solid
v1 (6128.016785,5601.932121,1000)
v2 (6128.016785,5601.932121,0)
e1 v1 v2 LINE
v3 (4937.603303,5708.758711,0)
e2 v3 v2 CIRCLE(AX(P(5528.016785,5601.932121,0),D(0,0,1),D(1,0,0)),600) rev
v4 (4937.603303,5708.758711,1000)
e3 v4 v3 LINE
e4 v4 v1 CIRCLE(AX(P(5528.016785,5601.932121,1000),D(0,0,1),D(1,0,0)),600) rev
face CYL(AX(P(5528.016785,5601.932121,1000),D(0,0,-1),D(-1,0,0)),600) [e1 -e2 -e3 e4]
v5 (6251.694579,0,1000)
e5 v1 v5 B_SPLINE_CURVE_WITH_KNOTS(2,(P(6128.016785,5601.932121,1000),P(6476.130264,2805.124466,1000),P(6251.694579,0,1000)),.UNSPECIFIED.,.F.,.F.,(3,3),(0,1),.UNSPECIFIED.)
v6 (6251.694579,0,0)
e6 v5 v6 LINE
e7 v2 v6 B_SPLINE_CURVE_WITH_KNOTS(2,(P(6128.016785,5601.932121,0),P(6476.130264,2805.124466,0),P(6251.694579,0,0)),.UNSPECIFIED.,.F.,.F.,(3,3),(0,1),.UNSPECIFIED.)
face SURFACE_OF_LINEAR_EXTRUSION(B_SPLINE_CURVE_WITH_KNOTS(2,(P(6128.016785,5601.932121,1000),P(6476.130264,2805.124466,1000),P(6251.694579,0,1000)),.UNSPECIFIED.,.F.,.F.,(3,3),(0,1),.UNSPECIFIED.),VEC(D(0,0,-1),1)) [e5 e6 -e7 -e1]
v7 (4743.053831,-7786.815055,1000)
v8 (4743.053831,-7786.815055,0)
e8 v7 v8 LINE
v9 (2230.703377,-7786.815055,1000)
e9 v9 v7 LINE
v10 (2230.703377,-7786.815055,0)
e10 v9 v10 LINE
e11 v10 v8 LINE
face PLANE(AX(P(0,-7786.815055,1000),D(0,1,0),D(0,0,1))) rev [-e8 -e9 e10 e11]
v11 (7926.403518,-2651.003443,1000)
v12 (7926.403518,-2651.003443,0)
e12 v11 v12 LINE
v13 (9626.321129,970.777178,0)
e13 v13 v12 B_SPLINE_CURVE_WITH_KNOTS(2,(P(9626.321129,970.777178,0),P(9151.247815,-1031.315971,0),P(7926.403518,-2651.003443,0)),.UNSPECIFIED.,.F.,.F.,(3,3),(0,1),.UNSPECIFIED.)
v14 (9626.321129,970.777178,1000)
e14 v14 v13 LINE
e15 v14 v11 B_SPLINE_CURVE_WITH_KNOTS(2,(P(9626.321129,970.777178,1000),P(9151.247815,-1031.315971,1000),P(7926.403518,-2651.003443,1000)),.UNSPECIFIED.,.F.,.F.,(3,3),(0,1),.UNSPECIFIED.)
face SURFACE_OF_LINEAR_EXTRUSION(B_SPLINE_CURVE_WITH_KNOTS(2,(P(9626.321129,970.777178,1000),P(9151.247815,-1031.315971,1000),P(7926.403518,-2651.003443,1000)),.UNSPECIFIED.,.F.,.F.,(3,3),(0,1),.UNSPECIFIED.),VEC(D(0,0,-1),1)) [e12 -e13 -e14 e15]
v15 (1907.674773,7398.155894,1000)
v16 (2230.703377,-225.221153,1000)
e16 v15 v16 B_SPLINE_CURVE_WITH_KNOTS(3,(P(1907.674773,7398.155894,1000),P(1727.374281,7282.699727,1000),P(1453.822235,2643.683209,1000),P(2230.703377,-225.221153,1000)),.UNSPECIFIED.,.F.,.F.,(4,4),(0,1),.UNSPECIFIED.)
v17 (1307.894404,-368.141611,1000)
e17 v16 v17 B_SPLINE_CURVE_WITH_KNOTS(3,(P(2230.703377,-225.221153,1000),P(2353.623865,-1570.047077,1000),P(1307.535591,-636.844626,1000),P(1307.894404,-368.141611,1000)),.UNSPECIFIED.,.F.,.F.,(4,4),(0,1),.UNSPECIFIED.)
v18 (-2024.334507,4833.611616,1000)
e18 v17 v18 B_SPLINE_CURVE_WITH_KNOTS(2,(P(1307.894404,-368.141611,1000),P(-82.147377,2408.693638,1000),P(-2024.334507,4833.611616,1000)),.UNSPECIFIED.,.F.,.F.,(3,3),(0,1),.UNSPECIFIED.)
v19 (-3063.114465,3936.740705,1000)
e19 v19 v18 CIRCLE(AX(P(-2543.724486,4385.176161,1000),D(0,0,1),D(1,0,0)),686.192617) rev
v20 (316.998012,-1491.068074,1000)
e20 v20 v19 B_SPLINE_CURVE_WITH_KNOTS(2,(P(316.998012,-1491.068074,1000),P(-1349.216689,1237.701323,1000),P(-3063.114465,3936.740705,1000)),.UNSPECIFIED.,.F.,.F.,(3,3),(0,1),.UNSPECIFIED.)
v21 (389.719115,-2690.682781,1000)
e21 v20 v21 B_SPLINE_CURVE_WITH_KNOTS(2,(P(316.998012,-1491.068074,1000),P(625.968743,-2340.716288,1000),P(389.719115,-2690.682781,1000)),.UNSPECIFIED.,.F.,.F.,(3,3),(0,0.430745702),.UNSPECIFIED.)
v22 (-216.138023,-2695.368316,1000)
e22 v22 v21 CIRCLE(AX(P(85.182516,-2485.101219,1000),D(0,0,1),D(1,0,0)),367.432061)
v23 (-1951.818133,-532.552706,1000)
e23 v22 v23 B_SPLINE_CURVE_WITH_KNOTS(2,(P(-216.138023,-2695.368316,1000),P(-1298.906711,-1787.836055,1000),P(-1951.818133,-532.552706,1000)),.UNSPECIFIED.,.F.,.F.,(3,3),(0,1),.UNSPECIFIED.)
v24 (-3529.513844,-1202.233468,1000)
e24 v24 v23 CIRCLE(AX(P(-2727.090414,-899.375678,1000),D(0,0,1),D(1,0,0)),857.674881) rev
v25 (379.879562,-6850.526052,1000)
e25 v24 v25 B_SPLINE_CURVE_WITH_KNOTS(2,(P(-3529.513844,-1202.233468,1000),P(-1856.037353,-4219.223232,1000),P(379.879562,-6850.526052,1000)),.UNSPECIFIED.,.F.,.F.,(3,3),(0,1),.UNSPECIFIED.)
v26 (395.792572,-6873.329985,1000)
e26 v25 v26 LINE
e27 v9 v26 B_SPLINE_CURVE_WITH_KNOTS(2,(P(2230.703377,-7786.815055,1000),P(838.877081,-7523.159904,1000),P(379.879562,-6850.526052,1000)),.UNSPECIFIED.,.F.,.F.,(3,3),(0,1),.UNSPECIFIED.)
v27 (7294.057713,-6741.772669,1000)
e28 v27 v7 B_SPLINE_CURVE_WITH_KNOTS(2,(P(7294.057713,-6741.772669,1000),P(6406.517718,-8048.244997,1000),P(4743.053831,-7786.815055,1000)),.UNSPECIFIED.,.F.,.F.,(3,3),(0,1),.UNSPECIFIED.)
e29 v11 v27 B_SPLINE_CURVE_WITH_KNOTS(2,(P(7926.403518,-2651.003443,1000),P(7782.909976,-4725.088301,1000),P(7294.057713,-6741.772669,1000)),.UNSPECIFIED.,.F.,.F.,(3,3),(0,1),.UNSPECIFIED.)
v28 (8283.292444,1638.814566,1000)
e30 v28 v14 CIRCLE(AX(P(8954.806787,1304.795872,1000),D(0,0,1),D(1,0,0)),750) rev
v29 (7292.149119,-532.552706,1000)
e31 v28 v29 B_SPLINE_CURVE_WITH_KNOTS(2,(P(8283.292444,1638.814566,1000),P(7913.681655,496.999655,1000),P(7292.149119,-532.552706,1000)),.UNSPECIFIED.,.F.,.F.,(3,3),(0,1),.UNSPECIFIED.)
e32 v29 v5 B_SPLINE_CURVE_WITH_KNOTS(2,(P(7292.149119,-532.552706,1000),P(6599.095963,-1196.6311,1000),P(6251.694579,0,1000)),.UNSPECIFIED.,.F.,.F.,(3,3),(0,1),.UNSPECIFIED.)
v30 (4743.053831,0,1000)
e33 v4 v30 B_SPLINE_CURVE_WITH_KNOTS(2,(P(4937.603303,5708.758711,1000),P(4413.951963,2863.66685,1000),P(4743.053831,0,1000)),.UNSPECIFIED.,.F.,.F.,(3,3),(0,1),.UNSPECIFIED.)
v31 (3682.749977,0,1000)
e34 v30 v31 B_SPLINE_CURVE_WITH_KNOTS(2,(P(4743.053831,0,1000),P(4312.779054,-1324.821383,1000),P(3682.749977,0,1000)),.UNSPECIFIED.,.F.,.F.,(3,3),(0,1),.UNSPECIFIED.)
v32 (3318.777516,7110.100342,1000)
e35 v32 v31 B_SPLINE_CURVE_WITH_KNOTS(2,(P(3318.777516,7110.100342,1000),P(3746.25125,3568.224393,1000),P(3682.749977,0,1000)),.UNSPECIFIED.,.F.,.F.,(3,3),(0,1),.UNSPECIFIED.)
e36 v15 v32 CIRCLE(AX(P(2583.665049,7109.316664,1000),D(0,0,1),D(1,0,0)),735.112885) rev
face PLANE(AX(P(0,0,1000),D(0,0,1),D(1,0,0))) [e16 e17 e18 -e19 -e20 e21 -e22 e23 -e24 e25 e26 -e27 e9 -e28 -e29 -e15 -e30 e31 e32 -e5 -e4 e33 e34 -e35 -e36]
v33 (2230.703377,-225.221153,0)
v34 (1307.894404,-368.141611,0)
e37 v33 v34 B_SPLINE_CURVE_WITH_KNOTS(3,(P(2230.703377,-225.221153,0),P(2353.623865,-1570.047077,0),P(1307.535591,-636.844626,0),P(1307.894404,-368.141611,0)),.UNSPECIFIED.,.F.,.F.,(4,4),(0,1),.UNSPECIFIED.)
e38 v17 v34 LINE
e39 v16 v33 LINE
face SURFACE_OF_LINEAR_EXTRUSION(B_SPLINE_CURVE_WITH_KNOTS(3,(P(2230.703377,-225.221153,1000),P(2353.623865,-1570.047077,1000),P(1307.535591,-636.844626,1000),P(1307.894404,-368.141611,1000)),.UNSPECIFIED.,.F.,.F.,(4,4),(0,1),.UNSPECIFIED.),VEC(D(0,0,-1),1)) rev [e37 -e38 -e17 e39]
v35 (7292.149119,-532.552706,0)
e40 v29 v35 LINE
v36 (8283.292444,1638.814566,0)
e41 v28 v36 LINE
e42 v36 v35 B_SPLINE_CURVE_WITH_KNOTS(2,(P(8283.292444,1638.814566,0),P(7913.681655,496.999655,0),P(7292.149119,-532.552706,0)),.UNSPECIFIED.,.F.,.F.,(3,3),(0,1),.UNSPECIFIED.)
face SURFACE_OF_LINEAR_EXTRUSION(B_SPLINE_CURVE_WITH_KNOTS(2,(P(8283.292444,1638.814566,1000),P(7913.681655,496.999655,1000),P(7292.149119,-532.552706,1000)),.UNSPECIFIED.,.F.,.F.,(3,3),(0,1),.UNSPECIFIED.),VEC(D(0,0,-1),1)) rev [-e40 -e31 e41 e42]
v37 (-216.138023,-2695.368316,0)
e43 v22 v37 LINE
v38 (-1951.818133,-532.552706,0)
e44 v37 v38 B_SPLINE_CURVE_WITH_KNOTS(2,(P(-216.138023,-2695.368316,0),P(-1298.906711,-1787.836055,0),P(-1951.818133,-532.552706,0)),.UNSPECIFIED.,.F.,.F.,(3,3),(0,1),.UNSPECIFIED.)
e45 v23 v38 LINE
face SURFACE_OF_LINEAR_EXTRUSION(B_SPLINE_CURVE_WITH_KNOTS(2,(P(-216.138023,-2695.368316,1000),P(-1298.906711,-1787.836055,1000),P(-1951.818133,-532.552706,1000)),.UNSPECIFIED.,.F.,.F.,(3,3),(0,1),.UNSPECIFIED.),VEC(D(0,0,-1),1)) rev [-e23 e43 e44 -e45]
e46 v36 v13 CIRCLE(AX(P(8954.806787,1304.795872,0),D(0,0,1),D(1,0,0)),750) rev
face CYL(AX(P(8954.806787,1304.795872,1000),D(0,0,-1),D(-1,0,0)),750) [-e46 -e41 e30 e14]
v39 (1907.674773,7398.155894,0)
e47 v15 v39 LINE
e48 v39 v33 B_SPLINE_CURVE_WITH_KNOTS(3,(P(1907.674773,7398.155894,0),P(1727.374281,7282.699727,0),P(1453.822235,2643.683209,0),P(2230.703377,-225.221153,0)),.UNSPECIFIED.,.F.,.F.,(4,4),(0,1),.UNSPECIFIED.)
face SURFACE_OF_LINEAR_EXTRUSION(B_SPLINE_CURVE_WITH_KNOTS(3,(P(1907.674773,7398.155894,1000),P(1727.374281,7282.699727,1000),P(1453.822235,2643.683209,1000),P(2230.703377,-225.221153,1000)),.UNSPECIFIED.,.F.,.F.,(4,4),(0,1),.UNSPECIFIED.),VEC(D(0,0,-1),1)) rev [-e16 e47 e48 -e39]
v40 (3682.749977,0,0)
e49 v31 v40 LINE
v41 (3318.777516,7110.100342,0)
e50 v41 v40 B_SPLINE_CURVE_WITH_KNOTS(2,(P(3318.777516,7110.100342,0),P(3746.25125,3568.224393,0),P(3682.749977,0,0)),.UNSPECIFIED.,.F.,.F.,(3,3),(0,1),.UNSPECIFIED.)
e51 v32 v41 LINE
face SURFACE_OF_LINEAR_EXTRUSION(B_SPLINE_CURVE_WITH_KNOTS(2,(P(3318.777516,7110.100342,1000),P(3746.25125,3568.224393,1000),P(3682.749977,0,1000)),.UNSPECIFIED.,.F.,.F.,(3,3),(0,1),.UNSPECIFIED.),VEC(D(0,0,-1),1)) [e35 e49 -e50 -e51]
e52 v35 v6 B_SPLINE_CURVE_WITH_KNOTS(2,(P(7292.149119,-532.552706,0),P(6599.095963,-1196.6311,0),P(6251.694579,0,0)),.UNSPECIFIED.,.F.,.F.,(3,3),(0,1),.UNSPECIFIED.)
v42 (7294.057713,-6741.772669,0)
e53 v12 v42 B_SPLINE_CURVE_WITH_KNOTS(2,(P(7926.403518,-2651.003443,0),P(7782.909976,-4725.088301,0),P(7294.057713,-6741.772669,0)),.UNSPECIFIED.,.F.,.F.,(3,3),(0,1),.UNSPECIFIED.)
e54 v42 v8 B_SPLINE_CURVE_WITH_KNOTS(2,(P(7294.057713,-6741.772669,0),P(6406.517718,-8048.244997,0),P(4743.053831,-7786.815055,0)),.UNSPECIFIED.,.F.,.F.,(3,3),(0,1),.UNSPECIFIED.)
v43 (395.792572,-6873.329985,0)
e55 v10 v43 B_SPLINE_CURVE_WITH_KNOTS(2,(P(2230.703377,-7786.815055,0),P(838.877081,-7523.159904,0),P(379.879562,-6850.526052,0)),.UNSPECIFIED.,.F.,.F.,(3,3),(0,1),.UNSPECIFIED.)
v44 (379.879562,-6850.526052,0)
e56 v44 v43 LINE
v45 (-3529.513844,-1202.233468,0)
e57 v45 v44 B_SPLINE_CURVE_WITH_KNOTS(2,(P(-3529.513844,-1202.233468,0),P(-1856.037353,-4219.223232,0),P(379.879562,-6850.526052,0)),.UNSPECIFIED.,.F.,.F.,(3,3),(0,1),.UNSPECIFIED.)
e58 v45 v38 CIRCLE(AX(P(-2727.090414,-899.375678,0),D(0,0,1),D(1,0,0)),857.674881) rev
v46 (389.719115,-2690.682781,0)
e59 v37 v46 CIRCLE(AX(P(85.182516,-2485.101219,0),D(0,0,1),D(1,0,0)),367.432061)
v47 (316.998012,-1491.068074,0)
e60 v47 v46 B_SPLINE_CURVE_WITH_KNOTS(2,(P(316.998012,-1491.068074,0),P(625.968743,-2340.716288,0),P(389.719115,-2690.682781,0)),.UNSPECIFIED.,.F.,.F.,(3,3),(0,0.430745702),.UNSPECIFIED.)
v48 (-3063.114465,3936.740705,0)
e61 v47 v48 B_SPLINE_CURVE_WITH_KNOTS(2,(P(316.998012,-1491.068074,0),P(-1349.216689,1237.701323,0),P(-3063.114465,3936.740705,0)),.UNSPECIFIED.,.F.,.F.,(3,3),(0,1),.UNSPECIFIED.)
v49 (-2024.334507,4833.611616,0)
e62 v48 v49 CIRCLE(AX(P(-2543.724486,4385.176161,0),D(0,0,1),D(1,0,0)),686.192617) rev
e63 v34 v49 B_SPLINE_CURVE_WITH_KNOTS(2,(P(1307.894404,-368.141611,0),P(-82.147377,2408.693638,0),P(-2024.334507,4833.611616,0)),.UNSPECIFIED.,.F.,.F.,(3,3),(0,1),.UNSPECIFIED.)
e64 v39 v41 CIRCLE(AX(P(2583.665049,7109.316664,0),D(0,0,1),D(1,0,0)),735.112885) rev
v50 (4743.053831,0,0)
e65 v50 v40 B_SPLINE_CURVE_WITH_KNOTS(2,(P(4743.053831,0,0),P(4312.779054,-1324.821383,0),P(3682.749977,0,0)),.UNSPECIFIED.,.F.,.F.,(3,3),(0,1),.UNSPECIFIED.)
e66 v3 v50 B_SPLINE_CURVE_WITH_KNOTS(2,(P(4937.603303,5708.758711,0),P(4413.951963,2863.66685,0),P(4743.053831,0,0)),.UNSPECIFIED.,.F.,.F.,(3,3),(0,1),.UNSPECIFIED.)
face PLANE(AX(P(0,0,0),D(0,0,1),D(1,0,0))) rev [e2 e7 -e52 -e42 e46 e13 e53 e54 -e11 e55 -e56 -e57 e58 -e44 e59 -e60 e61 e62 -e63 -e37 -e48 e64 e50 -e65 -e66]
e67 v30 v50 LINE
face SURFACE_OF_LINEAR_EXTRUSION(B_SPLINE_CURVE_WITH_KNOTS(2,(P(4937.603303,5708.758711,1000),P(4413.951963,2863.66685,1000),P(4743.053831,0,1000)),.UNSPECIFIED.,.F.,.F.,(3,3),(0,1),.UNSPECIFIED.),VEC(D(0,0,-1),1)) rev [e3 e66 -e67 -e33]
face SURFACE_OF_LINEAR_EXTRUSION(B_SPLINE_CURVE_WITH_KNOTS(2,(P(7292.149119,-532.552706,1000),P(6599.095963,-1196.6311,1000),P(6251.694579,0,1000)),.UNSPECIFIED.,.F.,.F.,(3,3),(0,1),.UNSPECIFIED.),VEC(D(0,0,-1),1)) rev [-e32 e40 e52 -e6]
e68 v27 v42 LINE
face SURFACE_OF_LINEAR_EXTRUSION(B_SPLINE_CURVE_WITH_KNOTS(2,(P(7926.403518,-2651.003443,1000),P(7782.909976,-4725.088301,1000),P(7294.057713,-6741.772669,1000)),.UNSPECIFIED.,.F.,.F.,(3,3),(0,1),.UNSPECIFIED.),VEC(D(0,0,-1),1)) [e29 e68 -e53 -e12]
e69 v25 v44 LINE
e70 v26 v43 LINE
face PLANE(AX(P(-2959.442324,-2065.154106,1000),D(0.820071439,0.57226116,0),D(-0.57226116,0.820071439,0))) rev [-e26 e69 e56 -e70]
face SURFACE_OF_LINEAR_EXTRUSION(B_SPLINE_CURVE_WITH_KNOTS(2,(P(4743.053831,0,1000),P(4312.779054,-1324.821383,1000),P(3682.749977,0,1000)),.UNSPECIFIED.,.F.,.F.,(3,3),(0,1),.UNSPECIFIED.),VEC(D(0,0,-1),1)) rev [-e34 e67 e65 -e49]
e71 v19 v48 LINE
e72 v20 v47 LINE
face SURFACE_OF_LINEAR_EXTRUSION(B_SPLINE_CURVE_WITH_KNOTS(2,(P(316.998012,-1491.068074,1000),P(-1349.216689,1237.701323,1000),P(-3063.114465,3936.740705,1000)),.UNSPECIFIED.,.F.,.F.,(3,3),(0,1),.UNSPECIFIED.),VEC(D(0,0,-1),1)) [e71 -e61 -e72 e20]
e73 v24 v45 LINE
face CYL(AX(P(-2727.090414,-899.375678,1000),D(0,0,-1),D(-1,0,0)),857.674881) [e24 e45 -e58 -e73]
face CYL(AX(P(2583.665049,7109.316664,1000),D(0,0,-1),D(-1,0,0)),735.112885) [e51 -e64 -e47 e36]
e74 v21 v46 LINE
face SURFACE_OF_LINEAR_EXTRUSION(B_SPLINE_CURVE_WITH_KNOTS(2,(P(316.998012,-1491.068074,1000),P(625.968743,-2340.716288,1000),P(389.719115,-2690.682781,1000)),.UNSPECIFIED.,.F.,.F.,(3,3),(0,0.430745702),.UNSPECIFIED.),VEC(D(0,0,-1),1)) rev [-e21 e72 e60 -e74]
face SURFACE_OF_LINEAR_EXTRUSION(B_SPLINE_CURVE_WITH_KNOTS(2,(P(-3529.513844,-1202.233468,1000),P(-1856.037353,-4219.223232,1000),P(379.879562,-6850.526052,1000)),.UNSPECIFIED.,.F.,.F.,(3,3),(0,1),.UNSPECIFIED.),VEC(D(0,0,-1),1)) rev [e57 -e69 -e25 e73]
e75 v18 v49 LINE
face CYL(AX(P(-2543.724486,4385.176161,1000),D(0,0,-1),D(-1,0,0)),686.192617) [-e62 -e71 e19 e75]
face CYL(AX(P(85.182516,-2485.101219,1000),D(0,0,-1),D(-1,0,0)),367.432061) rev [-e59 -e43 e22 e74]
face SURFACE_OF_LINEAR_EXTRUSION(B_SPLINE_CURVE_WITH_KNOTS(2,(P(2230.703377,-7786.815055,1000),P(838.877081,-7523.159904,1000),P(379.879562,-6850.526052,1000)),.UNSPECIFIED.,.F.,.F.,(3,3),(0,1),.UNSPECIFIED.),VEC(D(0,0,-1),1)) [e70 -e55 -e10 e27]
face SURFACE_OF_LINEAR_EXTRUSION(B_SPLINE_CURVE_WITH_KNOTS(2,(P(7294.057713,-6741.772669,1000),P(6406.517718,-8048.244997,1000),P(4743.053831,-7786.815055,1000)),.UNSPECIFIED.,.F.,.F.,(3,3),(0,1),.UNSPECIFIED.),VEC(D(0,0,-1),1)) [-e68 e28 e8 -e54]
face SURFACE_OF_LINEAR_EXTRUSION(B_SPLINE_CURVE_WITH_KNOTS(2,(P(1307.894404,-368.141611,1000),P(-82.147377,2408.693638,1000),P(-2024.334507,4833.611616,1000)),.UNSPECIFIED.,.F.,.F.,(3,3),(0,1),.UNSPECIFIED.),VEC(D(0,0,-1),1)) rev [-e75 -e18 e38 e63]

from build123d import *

# Parameters (mm, degrees)
SALIENTE_EXTRUIR2_DEPTH = 1000


with BuildPart() as part:
    # Croquis1 → Saliente-Extruir2 (new body)
    with BuildSketch(Plane.XY):
        with BuildLine():
            add(Edge.make_bspline(
                [(-3529.51384395, -1202.233467952), (-1856.037352978, -4219.223232207), (379.87956173, -6850.526052201)],
                knots=[0, 0, 0, 1, 1, 1], degree=2))
            Line((379.87956173, -6850.526052201), (395.792572055, -6873.329985392))
            add(Edge.make_bspline(
                [(2230.703376721, -7786.815055438), (862.593094055, -7527.652453331), (395.792572055, -6873.329985392)],
                knots=[0, 0, 0, 0.982960508, 0.982960508, 0.982960508], degree=2))
            Line((2230.703376721, -7786.815055438), (4743.053831113, -7786.815055438))
            add(Edge.make_bspline(
                [(7294.057713376, -6741.772668763), (6406.517718068, -8048.244997382), (4743.053831113, -7786.815055438)],
                knots=[0, 0, 0, 1, 1, 1], degree=2))
            add(Edge.make_bspline(
                [(7926.403518411, -2651.003443214), (7782.909975582, -4725.088301009), (7294.057713376, -6741.772668763)],
                knots=[0, 0, 0, 1, 1, 1], degree=2))
            add(Edge.make_bspline(
                [(9626.321129043, 970.777177928), (9151.24781504, -1031.315970782), (7926.403518411, -2651.003443214)],
                knots=[0, 0, 0, 1, 1, 1], degree=2))
            ThreePointArc((9626.321129043, 970.777177928), (9288.825480559, 1976.310214309), (8283.292444177, 1638.814565826))
            add(Edge.make_bspline(
                [(8283.292444177, 1638.814565826), (7913.681655155, 496.999655055), (7292.149119226, -532.552706313)],
                knots=[0, 0, 0, 1, 1, 1], degree=2))
            add(Edge.make_bspline(
                [(7292.149119226, -532.552706313), (6599.095962995, -1196.63110018), (6251.694578753, 0)],
                knots=[0, 0, 0, 1, 1, 1], degree=2))
            add(Edge.make_bspline(
                [(6128.016784622, 5601.93212094), (6476.130264467, 2805.124465974), (6251.694578753, 0)],
                knots=[0, 0, 0, 1, 1, 1], degree=2))
            ThreePointArc((6128.016784622, 5601.93212094), (5581.64471986, 6199.530685666), (4937.603302748, 5708.758711365))
            add(Edge.make_bspline(
                [(4937.603302748, 5708.758711365), (4413.951962857, 2863.666849894), (4743.053831113, 0)],
                knots=[0, 0, 0, 1, 1, 1], degree=2))
            add(Edge.make_bspline(
                [(4743.053831113, 0), (4312.779053917, -1324.821383248), (3682.749977241, 0)],
                knots=[0, 0, 0, 1, 1, 1], degree=2))
            add(Edge.make_bspline(
                [(3318.777516252, 7110.100341624), (3746.251250024, 3568.224392724), (3682.749977241, 0)],
                knots=[0, 0, 0, 1, 1, 1], degree=2))
            ThreePointArc((3318.777516252, 7110.100341624), (2730.695177179, 7829.57571119), (1907.674772526, 7398.15589423))
            add(Edge.make_bspline(
                [(1907.674772526, 7398.15589423), (1727.374281104, 7282.699726861), (1453.82223485, 2643.683209052), (2230.703376721, -225.221152689)],
                knots=[0, 0, 0, 0, 1, 1, 1, 1], degree=3))
            add(Edge.make_bspline(
                [(2230.703376721, -225.221152689), (2353.623865165, -1570.04707712), (1307.535590584, -636.844625668), (1307.894403605, -368.14161135)],
                knots=[0, 0, 0, 0, 1, 1, 1, 1], degree=3))
            add(Edge.make_bspline(
                [(1307.894403605, -368.14161135), (-82.147377215, 2408.693638396), (-2024.334507479, 4833.611616382)],
                knots=[0, 0, 0, 1, 1, 1], degree=2))
            ThreePointArc((-2024.334507479, 4833.611616382), (-2992.159941905, 4904.5661391), (-3063.114464623, 3936.740704674))
            add(Edge.make_bspline(
                [(316.998012386, -1491.068073752), (-1349.216688817, 1237.70132277), (-3063.114464623, 3936.740704674)],
                knots=[0, 0, 0, 1, 1, 1], degree=2))
            add(Edge.make_bspline(
                [(316.998012386, -1491.068073752), (625.968743176, -2340.71628823), (389.719115296, -2690.682781105)],
                knots=[0, 0, 0, 0.430745702, 0.430745702, 0.430745702], degree=2))
            ThreePointArc((389.719115296, -2690.682781105), (88.024050835, -2852.52229192), (-216.138022944, -2695.368316294))
            add(Edge.make_bspline(
                [(-216.138022944, -2695.368316294), (-1298.906710721, -1787.836055316), (-1951.818132837, -532.552706313)],
                knots=[0, 0, 0, 1, 1, 1], degree=2))
            ThreePointArc((-1951.818132837, -532.552706313), (-3062.205881719, -109.87974688), (-3529.51384395, -1202.233467952))
        make_face()
    extrude(amount=SALIENTE_EXTRUIR2_DEPTH)


solid = part.part
